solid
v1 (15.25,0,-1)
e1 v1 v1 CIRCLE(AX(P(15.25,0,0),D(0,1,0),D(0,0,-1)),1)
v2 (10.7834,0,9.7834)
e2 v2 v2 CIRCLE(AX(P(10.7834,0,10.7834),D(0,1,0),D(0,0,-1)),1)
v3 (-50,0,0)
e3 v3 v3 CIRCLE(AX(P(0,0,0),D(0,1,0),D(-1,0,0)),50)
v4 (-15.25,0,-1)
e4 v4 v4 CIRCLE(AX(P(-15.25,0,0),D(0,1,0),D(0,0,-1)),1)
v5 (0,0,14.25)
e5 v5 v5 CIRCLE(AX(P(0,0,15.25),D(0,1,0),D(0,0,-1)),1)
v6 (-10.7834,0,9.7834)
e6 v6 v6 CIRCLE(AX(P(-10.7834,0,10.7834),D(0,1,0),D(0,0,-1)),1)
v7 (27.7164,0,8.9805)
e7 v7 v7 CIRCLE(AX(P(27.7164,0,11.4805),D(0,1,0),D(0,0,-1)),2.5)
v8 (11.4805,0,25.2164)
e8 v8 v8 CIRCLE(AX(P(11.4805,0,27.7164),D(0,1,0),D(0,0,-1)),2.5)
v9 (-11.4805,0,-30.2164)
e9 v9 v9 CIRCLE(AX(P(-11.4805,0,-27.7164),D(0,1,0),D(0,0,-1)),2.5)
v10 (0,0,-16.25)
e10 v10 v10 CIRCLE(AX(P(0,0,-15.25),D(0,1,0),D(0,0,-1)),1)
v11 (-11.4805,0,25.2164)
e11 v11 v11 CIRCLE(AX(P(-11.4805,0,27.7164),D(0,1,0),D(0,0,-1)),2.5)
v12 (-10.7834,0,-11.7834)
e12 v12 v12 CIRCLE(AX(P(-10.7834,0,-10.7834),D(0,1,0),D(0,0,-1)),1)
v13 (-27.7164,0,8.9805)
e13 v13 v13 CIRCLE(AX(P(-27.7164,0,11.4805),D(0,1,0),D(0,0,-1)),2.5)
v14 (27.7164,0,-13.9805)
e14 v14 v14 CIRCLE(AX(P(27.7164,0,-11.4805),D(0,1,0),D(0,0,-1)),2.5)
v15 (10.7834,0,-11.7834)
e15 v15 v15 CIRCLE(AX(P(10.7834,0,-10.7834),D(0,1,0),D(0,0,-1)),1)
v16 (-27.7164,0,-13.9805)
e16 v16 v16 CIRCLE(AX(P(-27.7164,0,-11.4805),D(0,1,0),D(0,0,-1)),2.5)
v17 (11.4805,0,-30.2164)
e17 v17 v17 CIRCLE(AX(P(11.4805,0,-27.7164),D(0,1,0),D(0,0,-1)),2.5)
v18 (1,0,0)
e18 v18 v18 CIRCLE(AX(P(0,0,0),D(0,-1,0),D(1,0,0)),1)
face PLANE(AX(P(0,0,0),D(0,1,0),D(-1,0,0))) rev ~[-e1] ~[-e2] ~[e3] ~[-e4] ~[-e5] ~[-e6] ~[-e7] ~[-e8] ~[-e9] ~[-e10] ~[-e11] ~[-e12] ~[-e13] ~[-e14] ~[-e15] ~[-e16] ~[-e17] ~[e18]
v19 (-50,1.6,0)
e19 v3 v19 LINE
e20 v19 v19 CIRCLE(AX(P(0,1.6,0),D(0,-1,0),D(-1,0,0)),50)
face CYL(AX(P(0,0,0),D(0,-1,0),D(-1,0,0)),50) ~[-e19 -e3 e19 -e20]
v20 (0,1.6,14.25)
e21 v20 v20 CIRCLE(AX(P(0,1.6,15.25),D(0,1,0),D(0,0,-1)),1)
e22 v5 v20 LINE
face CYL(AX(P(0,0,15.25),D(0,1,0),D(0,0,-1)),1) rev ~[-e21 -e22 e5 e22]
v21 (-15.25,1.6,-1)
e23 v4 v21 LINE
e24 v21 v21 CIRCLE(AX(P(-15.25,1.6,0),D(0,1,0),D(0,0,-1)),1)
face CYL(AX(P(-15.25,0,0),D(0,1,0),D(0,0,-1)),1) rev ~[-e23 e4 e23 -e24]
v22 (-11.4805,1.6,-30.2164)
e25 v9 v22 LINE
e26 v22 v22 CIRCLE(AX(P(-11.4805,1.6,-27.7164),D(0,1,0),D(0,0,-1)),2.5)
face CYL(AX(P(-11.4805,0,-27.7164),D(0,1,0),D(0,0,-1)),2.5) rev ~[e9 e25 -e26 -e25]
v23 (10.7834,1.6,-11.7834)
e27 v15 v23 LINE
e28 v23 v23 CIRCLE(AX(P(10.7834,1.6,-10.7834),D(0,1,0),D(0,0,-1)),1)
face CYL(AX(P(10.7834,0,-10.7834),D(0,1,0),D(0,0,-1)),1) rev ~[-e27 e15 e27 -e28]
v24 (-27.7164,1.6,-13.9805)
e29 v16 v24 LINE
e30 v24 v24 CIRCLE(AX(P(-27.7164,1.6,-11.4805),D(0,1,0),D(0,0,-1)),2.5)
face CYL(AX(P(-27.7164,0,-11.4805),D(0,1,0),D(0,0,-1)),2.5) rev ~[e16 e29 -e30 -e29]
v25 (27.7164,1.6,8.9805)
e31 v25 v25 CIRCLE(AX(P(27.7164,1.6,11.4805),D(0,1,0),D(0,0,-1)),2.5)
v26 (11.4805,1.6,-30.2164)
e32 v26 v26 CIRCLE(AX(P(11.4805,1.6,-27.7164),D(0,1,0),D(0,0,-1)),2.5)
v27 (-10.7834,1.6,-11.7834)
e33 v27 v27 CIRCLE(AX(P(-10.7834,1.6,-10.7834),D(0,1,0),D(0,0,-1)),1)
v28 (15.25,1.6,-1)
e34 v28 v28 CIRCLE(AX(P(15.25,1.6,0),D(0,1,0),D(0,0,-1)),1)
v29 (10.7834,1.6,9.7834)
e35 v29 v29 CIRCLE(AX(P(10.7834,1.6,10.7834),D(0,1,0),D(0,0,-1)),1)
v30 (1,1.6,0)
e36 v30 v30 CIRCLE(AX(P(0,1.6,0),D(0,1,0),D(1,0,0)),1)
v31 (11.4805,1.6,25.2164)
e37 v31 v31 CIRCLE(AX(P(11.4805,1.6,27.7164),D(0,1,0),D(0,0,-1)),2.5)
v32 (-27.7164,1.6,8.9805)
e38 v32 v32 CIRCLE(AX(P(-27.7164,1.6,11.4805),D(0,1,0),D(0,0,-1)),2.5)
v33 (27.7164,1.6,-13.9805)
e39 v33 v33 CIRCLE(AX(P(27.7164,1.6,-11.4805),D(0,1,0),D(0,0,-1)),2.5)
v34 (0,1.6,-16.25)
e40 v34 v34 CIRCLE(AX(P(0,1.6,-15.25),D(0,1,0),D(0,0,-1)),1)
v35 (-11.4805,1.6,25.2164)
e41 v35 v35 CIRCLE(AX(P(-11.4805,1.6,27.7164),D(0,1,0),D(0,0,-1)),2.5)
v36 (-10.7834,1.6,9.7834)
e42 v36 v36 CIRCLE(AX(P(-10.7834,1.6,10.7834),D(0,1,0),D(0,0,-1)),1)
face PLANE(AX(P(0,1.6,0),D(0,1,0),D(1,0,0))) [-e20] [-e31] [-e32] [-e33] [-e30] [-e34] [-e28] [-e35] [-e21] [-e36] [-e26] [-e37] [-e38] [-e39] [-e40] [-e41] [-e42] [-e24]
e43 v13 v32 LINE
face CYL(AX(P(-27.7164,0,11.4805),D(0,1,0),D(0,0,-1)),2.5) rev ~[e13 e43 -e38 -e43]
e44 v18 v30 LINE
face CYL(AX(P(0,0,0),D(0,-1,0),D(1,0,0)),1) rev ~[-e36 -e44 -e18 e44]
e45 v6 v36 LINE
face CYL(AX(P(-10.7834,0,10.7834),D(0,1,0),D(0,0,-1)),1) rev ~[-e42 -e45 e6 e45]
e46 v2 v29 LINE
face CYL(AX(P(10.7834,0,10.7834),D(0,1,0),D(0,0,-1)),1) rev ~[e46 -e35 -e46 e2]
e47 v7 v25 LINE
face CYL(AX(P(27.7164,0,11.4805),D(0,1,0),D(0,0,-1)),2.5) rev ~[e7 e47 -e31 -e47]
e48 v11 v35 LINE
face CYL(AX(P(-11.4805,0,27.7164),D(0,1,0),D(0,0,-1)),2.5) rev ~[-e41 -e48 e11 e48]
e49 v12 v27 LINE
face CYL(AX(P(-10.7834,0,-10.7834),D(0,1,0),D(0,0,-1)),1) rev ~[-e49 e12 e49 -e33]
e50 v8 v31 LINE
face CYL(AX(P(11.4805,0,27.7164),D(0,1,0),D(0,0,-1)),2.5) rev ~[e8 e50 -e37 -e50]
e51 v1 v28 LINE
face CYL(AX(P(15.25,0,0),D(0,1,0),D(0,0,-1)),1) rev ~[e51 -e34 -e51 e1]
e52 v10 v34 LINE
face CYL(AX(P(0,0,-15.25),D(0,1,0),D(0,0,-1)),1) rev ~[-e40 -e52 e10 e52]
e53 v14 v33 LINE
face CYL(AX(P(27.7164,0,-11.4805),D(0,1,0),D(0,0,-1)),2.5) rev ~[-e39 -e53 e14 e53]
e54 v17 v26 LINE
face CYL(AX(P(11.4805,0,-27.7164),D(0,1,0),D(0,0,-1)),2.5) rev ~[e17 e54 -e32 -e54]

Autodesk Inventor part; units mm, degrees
ref_plane "XZ Plane" through (0, 0, 0) normal (0, 1, 0) x (-1, 0, 0)
ref_plane "XY Plane" through (0, 0, 0) normal (0, 0, 1) x (1, 0, 0)
sketch "Sketch1" plane through (0, 0, 0) normal (0, 1, 0) x (-1, 0, 0)
  circle A0 centre (0, 0) radius 50
  dimension "d0" = 100
extrude "Extrusion1" add sketch "Sketch1" along normal blind 20
ref_plane "Work Plane1" through (50, 0, 0) normal (1, 0, 0) x (0, 1, 0)
sketch "Sketch2" plane through (50, 0, 0) normal (1, 0, 0) x (0, 1, 0)
  line L0 (20, -50) -> (20, 50) projected
  line L1 (0, -50) -> (0, 50) projected
  point P0 (0, 0)
  point P1 (10, 0)
  dimension "d3" = 20
  dimension "d4" = 10
hole "Hole1" at (50, 10, 0) direction (-1, 0, 0) diameter 10 end through all
pattern_circular "Circular Pattern2" count 8 over 360 about axis through (0, -10, 0) along (0, 1, 0) of "Hole1"
sketch "Sketch4" plane through (0, 0, 0) normal (0, -1, 0) x (1, 0, 0)
  circle A0 centre (0, 0) radius 1
  dimension "d26" = 2
extrude "Extrusion2" cut sketch "Sketch4" against normal through all
sketch "Sketch5" plane through (0, 0, 0) normal (0, -1, 0) x (1, 0, 0)
  circle A0 centre (0, 0) radius 1 projected
  line L0 (-11.4805, 27.7164) -> (0, 0)
  line L1 (0, 0) -> (0, 50)
  circle A1 centre (0, 0) radius 50 projected
  point P0 (-27.7164, 11.4805)
  point P1 (-27.7164, -11.4805)
  point P2 (-11.4805, -27.7164)
  point P3 (11.4805, -27.7164)
  point P4 (27.7164, -11.4805)
  point P5 (27.7164, 11.4805)
  point P6 (11.4805, 27.7164)
  dimension "d31" = 30
  dimension "d32" = 22.5
  dimension "d35" = 360
hole "Hole3" at (-11.4805, 0, 27.7164) at (-27.7164, 0, 11.4805) at (-27.7164, 0, -11.4805) at (-11.4805, 0, -27.7164) at (11.4805, 0, -27.7164) at (27.7164, 0, -11.4805) at (27.7164, 0, 11.4805) at (11.4805, 0, 27.7164) direction (0, 1, 0) diameter 5 end through all
chamfer "Chamfer2" distance 1 angle 45 32 edges at (-49.8543, 6.7667, -3.8139) (-49.8545, 13.2353, -3.8122) (-49.8543, 13.2328, 3.8143) (-49.8544, 6.7652, 3.8126) (49.8545, 13.2353, -3.8122) (49.8543, 13.2328, 3.8143) (49.8543, 6.7667, -3.8139) (49.8544, 6.7652, 3.8126) (-37.9567, 6.7803, 32.5468) (-37.9554, 13.222, 32.5482) (-32.5468, 6.7803, 37.9567) (-32.5468, 13.2197, 37.9567) (32.5482, 13.222, -37.9554) (37.9567, 13.2197, -32.5468) (32.5468, 6.7803, -37.9567) (37.9567, 6.7803, -32.5468) (32.5468, 6.7803, 37.9567) (32.5482, 13.222, 37.9554) (37.9567, 6.7803, 32.5468) (37.9567, 13.2197, 32.5468) (-37.9554, 13.222, -32.5482) (-32.5468, 13.2197, -37.9567) (-37.9567, 6.7803, -32.5468) (-32.5468, 6.7803, -37.9567) (-3.8254, 6.7803, 49.8535) (-3.8235, 13.222, 49.8536) (3.8254, 6.7803, 49.8535) (3.8254, 13.2197, 49.8535) (-3.8235, 13.222, -49.8536) (3.8254, 13.2197, -49.8535) (-3.8254, 6.7803, -49.8535) (3.8254, 6.7803, -49.8535)
sketch "Sketch6" plane through (0, 20, 0) normal (0, 1, 0) x (1, 0, 0)
  circle A0 centre (0, 0) radius 60
  dimension "d50" = 120
extrude "Extrusion3" cut sketch "Sketch6" against normal blind 10.25
sketch "Sketch7" plane through (0, 9.75, 0) normal (0, 1, 0) x (1, 0, 0)
  circle A0 centre (0, 0) radius 17.5
  dimension "d53" = 35
extrude "Extrusion4" cut sketch "Sketch7" against normal blind 5
sketch "Sketch8" plane through (0, 0, 0) normal (0, -1, 0) x (1, 0, 0)
  point P0 (0, 0)
  point P1 (15.25, 0)
  point P2 (10.7834, 10.7834)
  point P3 (0, 15.25)
  point P4 (-10.7834, 10.7834)
  point P5 (-15.25, 0)
  point P6 (-10.7834, -10.7834)
  point P7 (0, -15.25)
  point P8 (10.7834, -10.7834)
  dimension "d56" = 15.25
  dimension "d59" = 360
hole "Hole4" at (15.25, 0, 0) at (10.7834, 0, 10.7834) at (0, 0, 15.25) at (-10.7834, 0, 10.7834) at (-15.25, 0, 0) at (-10.7834, 0, -10.7834) at (0, 0, -15.25) at (10.7834, 0, -10.7834) direction (0, 1, 0) diameter 2 end through all
sketch "Sketch9" plane through (0, 9.75, 0) normal (0, 1, 0) x (1, 0, 0)
  circle A0 centre (0, 0) radius 1 projected
  circle A1 centre (0, 0) radius 60
  dimension "d68" = 120
extrude "Extrusion5" cut sketch "Sketch9" against normal blind 8.15
equation "\"d4\" = 0.5 * d3"
properties part number "CUT_FR4_Top_Disc_PCB"
